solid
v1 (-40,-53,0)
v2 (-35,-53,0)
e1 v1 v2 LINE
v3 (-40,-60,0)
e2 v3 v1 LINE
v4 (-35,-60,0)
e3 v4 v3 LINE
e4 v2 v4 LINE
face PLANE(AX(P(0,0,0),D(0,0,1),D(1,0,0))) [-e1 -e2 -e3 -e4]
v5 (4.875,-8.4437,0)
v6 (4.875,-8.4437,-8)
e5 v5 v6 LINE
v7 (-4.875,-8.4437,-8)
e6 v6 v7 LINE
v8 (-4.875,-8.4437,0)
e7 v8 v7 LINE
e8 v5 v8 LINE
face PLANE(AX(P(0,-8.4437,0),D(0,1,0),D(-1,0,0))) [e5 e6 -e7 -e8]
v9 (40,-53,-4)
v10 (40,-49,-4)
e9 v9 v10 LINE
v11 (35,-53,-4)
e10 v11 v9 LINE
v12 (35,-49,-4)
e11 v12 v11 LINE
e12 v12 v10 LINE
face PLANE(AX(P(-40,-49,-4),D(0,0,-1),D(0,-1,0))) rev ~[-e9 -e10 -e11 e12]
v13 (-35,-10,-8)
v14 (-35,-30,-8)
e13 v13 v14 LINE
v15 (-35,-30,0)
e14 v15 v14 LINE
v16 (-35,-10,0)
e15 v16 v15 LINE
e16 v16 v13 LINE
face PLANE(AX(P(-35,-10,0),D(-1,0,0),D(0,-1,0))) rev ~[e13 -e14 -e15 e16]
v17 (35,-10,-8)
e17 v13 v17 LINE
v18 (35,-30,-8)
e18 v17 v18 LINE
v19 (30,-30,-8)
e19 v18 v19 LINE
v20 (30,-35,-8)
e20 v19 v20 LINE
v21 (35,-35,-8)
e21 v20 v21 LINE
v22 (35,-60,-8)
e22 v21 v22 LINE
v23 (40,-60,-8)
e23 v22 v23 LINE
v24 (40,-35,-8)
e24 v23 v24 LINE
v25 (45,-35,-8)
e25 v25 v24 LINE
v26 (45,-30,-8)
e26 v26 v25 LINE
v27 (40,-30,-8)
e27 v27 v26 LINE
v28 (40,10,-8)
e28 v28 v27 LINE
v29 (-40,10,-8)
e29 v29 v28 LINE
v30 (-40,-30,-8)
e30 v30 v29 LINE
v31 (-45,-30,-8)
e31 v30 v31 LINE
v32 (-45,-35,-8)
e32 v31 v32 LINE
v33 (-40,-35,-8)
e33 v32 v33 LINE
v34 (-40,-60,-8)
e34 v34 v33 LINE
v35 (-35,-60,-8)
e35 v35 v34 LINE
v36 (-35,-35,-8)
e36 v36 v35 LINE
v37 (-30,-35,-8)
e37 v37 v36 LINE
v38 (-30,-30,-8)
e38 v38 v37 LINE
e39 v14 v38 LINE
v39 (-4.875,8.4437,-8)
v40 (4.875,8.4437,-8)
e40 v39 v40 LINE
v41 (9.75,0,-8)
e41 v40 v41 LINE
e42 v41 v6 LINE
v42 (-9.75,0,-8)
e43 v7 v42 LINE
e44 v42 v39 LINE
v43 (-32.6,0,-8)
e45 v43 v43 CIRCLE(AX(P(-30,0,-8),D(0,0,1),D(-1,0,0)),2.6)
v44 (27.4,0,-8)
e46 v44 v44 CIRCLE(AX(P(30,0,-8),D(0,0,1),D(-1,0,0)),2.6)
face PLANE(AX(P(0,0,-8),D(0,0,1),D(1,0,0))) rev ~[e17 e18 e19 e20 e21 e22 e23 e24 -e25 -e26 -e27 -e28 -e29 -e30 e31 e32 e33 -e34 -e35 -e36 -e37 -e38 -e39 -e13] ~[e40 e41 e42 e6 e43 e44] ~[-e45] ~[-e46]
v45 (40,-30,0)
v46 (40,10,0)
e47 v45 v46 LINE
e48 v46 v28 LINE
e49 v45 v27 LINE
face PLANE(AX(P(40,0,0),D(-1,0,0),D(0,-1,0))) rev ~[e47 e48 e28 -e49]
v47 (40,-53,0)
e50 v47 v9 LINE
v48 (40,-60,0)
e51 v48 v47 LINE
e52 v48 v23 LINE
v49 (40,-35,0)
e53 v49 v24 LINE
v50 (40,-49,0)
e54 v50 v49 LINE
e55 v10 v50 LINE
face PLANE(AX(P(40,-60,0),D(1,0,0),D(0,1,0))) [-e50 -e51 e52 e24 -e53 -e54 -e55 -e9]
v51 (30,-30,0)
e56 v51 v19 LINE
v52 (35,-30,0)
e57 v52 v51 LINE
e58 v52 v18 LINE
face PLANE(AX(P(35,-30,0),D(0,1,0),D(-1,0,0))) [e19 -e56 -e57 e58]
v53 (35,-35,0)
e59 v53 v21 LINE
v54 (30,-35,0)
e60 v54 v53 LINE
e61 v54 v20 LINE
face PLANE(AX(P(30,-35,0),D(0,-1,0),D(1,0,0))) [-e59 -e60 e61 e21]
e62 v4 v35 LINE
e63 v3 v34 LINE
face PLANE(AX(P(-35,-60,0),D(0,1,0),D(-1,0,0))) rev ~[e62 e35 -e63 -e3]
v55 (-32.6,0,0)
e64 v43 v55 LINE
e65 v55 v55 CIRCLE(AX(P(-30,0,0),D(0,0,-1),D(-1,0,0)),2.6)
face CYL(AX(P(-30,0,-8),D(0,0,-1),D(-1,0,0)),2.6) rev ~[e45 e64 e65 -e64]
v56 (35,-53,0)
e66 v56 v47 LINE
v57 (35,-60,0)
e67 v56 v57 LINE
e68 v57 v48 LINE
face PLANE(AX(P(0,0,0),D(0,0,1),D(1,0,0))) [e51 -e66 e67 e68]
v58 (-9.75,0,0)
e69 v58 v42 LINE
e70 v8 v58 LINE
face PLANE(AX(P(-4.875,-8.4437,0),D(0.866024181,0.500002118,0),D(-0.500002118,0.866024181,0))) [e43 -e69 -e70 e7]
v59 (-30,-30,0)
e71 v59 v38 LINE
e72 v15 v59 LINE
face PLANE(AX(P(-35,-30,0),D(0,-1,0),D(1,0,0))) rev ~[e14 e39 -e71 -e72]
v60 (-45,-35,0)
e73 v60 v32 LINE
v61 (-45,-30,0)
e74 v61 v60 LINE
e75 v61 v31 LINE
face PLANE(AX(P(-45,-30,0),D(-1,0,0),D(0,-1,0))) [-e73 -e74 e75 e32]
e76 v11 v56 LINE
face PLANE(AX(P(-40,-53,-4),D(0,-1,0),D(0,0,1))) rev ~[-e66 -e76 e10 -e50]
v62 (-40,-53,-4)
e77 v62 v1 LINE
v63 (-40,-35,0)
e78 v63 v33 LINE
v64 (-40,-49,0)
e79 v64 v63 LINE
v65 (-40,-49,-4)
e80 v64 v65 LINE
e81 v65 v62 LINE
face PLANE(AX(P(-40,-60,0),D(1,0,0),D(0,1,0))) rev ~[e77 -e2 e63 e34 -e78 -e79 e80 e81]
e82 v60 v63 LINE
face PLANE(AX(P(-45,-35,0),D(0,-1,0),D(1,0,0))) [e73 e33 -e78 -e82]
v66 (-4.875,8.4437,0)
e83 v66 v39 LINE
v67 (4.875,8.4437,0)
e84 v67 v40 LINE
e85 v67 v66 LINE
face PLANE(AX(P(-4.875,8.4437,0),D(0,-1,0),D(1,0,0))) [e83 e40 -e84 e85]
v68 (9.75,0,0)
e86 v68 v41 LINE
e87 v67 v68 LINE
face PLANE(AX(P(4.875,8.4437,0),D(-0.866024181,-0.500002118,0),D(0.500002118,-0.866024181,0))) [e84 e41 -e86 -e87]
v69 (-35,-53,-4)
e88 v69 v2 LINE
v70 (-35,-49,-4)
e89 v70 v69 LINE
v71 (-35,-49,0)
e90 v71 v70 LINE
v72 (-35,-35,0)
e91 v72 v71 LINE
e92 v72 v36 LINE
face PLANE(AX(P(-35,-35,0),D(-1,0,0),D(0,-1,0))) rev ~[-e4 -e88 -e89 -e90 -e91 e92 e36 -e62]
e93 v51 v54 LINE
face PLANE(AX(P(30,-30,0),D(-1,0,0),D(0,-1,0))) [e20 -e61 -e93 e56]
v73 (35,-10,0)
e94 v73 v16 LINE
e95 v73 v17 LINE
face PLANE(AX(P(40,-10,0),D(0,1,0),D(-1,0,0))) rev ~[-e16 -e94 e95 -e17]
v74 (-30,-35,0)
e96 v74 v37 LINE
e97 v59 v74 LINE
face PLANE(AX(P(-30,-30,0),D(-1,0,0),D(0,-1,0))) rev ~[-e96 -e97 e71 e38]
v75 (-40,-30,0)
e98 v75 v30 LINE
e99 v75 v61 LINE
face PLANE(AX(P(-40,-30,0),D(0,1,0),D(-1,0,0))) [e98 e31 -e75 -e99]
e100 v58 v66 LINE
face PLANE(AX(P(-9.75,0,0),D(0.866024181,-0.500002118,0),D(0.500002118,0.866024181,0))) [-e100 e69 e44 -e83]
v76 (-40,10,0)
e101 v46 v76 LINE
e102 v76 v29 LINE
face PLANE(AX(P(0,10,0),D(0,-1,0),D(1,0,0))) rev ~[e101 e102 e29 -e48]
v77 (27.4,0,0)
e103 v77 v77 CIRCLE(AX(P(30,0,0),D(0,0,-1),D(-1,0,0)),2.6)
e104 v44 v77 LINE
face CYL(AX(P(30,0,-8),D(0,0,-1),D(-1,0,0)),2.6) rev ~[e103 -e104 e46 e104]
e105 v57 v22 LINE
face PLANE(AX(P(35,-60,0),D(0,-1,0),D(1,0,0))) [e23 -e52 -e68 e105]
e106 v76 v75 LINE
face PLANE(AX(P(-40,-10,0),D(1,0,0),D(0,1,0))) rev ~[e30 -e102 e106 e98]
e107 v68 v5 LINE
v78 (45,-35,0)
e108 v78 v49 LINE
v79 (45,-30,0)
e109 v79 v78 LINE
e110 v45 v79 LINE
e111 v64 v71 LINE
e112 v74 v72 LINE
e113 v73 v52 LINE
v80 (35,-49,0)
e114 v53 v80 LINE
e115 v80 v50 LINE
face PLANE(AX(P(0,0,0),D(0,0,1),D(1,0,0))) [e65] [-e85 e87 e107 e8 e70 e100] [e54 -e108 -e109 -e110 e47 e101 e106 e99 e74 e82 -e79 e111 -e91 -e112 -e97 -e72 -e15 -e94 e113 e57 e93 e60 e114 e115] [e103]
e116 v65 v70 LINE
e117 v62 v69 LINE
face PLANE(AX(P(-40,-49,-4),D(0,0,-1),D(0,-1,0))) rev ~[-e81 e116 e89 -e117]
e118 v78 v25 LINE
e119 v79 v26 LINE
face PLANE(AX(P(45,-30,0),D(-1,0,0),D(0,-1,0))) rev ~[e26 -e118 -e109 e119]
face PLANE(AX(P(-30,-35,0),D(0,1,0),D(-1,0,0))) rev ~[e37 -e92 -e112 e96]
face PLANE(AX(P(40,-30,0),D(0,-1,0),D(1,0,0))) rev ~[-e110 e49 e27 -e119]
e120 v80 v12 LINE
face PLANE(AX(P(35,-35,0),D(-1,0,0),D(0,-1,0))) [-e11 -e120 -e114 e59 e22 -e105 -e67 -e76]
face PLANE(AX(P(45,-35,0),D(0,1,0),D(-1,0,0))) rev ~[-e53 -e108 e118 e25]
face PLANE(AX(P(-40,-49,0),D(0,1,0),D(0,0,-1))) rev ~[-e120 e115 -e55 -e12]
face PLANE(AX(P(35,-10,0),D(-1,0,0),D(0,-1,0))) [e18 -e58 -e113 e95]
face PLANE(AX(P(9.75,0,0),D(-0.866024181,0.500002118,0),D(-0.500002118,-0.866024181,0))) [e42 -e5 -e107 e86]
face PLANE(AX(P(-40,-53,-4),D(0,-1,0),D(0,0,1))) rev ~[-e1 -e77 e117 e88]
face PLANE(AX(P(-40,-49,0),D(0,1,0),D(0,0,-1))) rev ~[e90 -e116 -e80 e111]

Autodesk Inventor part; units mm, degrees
ref_plane "YZ Plane" through (0, 0, 0) normal (1, 0, 0) x (0, 1, 0)
ref_plane "XZ Plane" through (0, 0, 0) normal (0, 1, 0) x (-1, 0, 0)
ref_plane "XY Plane" through (0, 0, 0) normal (0, 0, 1) x (1, 0, 0)
sketch "Sketch1" plane through (0, 0, 0) normal (0, 0, 1) x (1, 0, 0)
  line L0 (40, -10) -> (-40, -10)
  line L1 (-40, -10) -> (-40, 10)
  line L2 (-40, 10) -> (40, 10)
  line L3 (40, 10) -> (40, -10)
  line L4 (0, -14) -> (0, 14) projected
  line L5 (40, -10) -> (30, -10)
  line L6 (-56, 0) -> (56, 0) projected
  circle A0 centre (-0.5449, 0.9437) radius 3.3235 projected
  line L7 (-4.875, -6.5563) -> (-9.2051, 0.9437) projected
  line L8 (-9.2051, 0.9437) -> (-4.875, 8.4437) projected
  line L9 (-4.875, 8.4437) -> (3.7853, 8.4437) projected
  line L10 (3.7853, 8.4437) -> (8.1154, 0.9437) projected
  line L11 (8.1154, 0.9437) -> (3.7853, -6.5563) projected
  line L12 (3.7853, -6.5563) -> (-4.875, -6.5563) projected
  circle A1 centre (-0.5449, 0.9437) radius 3.3235 projected
  line L13 (-4.875, -6.5563) -> (-9.2051, 0.9437) projected
  line L14 (-9.2051, 0.9437) -> (-4.875, 8.4437) projected
  line L15 (-4.875, 8.4437) -> (3.7853, 8.4437) projected
  line L16 (3.7853, 8.4437) -> (8.1154, 0.9437) projected
  line L17 (8.1154, 0.9437) -> (3.7853, -6.5563) projected
  line L18 (3.7853, -6.5563) -> (-4.875, -6.5563) projected
  point P0 (0, 0)
  dimension "d0" = 80
  dimension "d1" = 20
  dimension "d70" = 40
  dimension "d73" = 10
extrude "Extrusion1" add sketch "Sketch1" against normal blind 8
sketch "Sketch3" plane through (0, 0, 0) normal (0, 0, 1) x (1, 0, 0)
  line L0 (0, -14) -> (0, 14) projected
  line L1 (-56, 0) -> (56, 0) projected
  line L2 (-4.875, 8.4437) -> (4.875, 8.4437)
  line L3 (4.875, 8.4437) -> (9.75, 0)
  line L4 (9.75, 0) -> (4.875, -8.4437)
  line L5 (4.875, -8.4437) -> (-4.875, -8.4437)
  line L6 (-4.875, -8.4437) -> (-9.75, 0)
  line L7 (-9.75, 0) -> (-4.875, 8.4437)
  point P0 (0, 0)
  point P1 (0, 0)
  dimension "d65" = 19.5
extrude "Extrusion2" cut sketch "Sketch3" against normal blind 10
sketch "Sketch9" plane through (0, 0, -8) normal (0, 0, -1) x (-1, 0, 0)
  circle A0 centre (-30, 0) radius 2.6
  line L0 (0, -14) -> (0, 14) projected
  line L1 (56, 0) -> (-56, 0) projected
  circle A1 centre (30, 0) radius 2.6
  dimension "d40" = 5.2
  dimension "d41" = 60
extrude "Extrusion3" cut sketch "Sketch9" against normal through all
sketch "Sketch14" plane through (0, 0, 0) normal (0, 0, 1) x (1, 0, 0)
  circle A0 centre (30, 0) radius 2.6 projected
  circle A1 centre (-30, 0) radius 2.6 projected
  line L0 (-9.75, 0) -> (-4.875, 8.4437) projected
  line L1 (-4.875, 8.4437) -> (4.875, 8.4437) projected
  line L2 (4.875, 8.4437) -> (9.75, 0) projected
  line L3 (9.75, 0) -> (4.875, -8.4437) projected
  line L4 (4.875, -8.4437) -> (-4.875, -8.4437) projected
  line L5 (-4.875, -8.4437) -> (-9.75, 0) projected
  line L6 (40, -10) -> (-40, -10) projected
  line L7 (40, 10) -> (40, -10) projected
  line L8 (-40, 10) -> (40, 10) projected
  line L9 (-40, -10) -> (-40, 10) projected
  line L10 (-40, -10) -> (-35, -10)
  line L11 (-35, -10) -> (-35, -60)
  line L12 (-35, -60) -> (-40, -60)
  line L13 (-40, -60) -> (-40, -10)
  line L14 (-56, 0) -> (56, 0) projected
  line L15 (0, -33.313) -> (0, 17.2188) projected
  line L16 (40, -10) -> (35, -10)
  line L17 (35, -10) -> (35, -60)
  line L18 (35, -60) -> (40, -60)
  line L19 (40, -60) -> (40, -10)
  line L20 (-40, -30) -> (-45, -30)
  line L21 (-45, -30) -> (-45, -35)
  line L22 (-45, -35) -> (-40, -35)
  line L23 (-40, -35) -> (-40, -30)
  line L24 (-35, -30) -> (-30, -30)
  line L25 (-30, -30) -> (-30, -35)
  line L26 (-30, -35) -> (-35, -35)
  line L27 (-35, -35) -> (-35, -30)
  line L28 (40, -30) -> (45, -30)
  line L29 (45, -30) -> (45, -35)
  line L30 (45, -35) -> (40, -35)
  line L31 (40, -35) -> (40, -30)
  line L32 (35, -30) -> (30, -30)
  line L33 (30, -30) -> (30, -35)
  line L34 (30, -35) -> (35, -35)
  line L35 (35, -35) -> (35, -30)
  point P0 (0, 0)
  dimension "d74" = 5
  dimension "d75" = 50
  dimension "d78" = 5
  dimension "d79" = 5
  dimension "d80" = 5
  dimension "d81" = 20
extrude "Extrusion8" add sketch "Sketch14" against normal blind 8 contours L19 L18 L17 L6 | L28 L29 L30 L19 | L17 L34 L33 L32 | L11 L12 L13 L6 | L24 L25 L26 L11 | L13 L22 L21 L20
sketch "Sketch15" plane through (-40, -60, 0) normal (-1, 0, 0) x (0, 0, 1)
  line L0 (0, 25) -> (-8, 25) projected
  line L1 (-8, 0) -> (-8, 25) projected
  line L2 (0, 0) -> (-8, 0) projected
  line L3 (0, 25) -> (0, 0) projected
  line L4 (0, 70) -> (0, 30) projected
  line L5 (0, 70) -> (-8, 70) projected
  line L6 (-8, 30) -> (-8, 70) projected
  line L7 (0, 30) -> (-8, 30) projected
  line L8 (0, 25) -> (-8, 25) projected
  line L9 (0, 30) -> (0, 25) projected
  line L10 (0, 30) -> (-8, 30) projected
  line L11 (-8, 25) -> (-8, 30) projected
  line L12 (0, 25) -> (-8, 25) projected
  line L13 (0, 11) -> (-4, 11)
  line L14 (-4, 11) -> (-4, 7)
  line L15 (-4, 7) -> (0, 7)
  line L16 (0, 7) -> (0, 11)
  point P0 (0, 60)
  dimension "d84" = 4
  dimension "d85" = 4
  dimension "d89" = 14
extrude "Extrusion9" cut sketch "Sketch15" against normal through all contours L3 L15 L14 L13
properties part number "drieparts_assembly2" material "ABS Plastic"
